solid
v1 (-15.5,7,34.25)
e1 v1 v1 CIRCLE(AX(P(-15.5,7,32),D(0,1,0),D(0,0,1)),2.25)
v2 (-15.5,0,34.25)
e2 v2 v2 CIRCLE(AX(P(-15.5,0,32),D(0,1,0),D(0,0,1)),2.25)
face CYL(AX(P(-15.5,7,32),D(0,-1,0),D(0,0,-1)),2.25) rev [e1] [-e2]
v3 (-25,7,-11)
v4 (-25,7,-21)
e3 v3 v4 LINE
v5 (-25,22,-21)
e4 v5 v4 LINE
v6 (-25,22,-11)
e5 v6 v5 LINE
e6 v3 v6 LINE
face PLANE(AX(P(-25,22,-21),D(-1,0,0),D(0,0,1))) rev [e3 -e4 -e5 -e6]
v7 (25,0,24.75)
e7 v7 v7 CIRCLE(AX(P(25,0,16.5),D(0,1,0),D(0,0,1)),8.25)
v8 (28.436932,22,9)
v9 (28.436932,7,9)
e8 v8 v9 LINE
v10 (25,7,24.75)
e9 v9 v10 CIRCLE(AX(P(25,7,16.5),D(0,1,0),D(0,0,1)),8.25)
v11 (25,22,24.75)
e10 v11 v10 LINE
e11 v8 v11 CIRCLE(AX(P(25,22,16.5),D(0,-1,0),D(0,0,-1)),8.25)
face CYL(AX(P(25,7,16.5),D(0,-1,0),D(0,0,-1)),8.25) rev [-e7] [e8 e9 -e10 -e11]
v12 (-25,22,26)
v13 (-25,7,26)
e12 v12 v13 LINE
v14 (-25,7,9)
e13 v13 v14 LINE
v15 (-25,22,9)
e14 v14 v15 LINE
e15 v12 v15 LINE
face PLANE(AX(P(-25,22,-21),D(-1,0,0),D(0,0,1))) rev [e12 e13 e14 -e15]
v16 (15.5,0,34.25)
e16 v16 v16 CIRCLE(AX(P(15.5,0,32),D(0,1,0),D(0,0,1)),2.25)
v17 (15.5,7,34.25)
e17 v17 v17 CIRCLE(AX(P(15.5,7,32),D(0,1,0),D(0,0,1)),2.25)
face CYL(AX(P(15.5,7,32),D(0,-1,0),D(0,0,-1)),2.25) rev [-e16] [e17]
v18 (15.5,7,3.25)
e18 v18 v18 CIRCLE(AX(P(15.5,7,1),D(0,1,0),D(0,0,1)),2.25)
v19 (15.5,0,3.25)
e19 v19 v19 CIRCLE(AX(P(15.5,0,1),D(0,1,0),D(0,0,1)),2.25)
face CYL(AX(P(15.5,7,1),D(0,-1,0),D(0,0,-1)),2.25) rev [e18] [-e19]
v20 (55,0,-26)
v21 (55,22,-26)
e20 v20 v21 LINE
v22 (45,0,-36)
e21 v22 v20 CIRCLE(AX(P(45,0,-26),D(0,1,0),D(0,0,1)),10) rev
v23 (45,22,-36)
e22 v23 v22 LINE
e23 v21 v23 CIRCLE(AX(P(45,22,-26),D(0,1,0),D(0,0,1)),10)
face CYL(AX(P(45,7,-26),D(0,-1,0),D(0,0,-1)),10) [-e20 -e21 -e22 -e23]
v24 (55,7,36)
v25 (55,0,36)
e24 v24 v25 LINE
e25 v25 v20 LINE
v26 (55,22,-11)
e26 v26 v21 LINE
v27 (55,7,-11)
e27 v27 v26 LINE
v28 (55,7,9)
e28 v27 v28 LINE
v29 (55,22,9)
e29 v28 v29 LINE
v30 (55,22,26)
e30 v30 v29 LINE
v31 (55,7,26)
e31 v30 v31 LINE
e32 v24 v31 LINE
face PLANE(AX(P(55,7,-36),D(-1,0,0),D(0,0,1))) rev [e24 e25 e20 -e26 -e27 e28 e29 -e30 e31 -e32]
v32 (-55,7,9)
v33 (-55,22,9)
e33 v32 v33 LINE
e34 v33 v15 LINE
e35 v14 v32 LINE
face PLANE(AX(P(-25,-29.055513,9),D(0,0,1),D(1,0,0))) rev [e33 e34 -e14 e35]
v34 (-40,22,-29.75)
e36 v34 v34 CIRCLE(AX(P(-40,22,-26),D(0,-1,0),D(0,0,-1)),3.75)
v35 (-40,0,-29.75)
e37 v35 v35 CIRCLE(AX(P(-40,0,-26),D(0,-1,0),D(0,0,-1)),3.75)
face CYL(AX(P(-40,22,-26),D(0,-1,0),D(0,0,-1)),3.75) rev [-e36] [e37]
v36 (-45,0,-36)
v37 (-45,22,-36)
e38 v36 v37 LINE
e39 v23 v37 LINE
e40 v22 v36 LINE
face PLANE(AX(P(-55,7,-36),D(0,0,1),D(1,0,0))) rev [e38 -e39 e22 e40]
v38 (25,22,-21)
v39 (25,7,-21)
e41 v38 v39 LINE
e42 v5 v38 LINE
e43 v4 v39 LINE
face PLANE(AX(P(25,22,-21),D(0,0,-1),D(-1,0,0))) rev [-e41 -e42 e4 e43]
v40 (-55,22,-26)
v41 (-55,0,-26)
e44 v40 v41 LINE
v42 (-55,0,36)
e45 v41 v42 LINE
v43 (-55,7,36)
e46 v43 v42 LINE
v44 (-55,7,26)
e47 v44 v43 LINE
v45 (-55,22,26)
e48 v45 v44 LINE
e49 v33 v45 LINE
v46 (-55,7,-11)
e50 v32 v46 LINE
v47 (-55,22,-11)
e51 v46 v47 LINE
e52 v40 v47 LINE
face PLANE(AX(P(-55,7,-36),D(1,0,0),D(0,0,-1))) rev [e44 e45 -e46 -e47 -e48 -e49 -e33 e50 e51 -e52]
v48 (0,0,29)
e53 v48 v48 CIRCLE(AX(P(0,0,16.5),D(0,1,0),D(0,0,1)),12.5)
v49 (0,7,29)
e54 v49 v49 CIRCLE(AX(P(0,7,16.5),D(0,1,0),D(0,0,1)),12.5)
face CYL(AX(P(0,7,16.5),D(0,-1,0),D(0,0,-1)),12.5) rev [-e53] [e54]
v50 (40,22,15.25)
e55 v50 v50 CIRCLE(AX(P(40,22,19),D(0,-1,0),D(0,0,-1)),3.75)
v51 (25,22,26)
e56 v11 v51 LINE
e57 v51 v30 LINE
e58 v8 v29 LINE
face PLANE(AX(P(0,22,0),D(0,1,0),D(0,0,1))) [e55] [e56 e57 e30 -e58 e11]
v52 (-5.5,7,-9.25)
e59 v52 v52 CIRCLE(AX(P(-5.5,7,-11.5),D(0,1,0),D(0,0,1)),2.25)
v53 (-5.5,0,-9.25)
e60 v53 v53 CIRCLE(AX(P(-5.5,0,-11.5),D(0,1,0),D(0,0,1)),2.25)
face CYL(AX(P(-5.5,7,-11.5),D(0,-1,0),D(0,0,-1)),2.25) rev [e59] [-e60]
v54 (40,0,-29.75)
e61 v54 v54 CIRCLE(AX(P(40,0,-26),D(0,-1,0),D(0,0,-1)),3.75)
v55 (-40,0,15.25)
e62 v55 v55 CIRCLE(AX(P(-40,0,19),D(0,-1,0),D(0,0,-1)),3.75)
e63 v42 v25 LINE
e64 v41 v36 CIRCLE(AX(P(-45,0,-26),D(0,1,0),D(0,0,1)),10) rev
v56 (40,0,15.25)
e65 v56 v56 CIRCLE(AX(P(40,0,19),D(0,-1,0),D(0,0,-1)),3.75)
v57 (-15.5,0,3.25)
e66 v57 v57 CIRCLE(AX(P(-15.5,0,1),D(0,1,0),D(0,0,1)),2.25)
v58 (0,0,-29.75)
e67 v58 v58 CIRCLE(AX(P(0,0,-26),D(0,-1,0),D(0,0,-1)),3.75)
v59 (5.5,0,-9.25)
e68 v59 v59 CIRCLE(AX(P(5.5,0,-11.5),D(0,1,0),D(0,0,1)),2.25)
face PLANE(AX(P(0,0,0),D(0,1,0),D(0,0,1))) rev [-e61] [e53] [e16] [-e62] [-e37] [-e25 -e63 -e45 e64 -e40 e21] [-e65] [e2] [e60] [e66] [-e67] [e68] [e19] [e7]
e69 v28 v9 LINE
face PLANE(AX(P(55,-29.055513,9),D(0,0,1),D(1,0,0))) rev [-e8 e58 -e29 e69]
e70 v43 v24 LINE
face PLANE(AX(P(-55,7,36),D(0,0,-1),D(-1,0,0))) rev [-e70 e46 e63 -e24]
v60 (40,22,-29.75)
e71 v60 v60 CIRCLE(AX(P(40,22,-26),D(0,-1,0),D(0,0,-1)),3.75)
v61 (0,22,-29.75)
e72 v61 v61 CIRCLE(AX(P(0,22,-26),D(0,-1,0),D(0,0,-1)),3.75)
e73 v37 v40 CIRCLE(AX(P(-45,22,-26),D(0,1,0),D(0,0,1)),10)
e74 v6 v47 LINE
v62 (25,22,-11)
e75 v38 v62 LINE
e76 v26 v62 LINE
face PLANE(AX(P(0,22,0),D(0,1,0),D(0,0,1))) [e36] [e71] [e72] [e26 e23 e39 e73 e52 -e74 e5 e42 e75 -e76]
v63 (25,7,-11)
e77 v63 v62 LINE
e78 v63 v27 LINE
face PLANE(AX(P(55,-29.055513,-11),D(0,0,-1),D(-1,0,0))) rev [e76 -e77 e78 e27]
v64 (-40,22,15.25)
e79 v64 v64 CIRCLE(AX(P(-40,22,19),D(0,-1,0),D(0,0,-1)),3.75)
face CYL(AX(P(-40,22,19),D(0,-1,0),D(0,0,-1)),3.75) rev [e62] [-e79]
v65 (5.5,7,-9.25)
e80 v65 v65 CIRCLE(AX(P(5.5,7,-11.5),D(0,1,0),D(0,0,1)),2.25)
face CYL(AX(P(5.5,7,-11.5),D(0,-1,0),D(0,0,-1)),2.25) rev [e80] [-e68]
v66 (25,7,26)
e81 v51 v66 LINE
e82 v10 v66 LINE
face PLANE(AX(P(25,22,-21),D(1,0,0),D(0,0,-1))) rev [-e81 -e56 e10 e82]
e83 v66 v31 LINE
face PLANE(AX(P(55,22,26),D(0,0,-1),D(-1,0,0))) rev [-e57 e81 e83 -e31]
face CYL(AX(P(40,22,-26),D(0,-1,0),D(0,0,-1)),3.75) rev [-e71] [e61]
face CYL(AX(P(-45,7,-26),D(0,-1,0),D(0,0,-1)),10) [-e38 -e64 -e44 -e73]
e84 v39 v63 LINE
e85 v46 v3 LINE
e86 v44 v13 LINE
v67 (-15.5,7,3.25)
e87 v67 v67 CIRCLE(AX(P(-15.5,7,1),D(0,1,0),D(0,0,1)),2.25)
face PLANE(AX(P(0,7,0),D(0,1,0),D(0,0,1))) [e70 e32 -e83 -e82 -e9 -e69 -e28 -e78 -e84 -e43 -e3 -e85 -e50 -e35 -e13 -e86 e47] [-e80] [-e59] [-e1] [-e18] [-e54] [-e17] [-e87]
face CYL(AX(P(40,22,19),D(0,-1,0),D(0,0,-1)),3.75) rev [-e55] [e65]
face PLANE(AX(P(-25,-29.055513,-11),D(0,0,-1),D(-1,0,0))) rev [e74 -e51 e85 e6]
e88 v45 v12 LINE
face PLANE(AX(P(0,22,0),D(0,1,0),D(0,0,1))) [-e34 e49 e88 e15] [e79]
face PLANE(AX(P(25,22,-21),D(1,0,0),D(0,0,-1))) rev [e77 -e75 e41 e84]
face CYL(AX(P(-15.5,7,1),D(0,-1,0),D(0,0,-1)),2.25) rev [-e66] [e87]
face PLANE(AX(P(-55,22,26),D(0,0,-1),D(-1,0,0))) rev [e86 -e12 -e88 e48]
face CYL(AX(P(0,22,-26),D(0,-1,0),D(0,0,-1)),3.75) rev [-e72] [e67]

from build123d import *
from build123d.topology import SkipClean

# Parameters (mm, degrees)
SKETCH1_W           = 110
SKETCH1_H           = 72
SKETCH1_R           = 12.5
SKETCH1_R_2         = 2.25
SKETCH1_R_3         = 8.25
BOSS_EXTRUDE1_DEPTH = 7
BOSS_EXTRUDE2_DEPTH = 15
FILLET2_R           = 10
SKETCH3_R           = 3.75
CUT_EXTRUDE1_DEPTH  = 70.318107302
SKETCH4_W           = 30
SKETCH4_H           = 20
CUT_EXTRUDE2_DEPTH  = 15
CUT_EXTRUDE3_DEPTH  = 68.424031324


with BuildPart() as part:
    # Sketch1 → Boss-Extrude1 (new body)
    with BuildSketch(Plane(origin=(0, 0, 0), x_dir=(1, 0, 0), z_dir=(0, 1, 0))):
        Rectangle(SKETCH1_W, SKETCH1_H)
        with Locations(Location((0, -16.5, 0), (0, 0, 270))):
            Circle(SKETCH1_R, mode=Mode.SUBTRACT)
        with Locations(Location((-15.5, -32, 0), (0, 0, 270))):
            Circle(SKETCH1_R_2, mode=Mode.SUBTRACT)
        with Locations(Location((-15.5, -1, 0), (0, 0, 270))):
            Circle(SKETCH1_R_2, mode=Mode.SUBTRACT)
        with Locations(Location((15.5, -1, 0), (0, 0, 270))):
            Circle(SKETCH1_R_2, mode=Mode.SUBTRACT)
        with Locations(Location((15.5, -32, 0), (0, 0, 270))):
            Circle(SKETCH1_R_2, mode=Mode.SUBTRACT)
        with Locations(Location((25, -16.5, 0), (0, 0, 270))):
            Circle(SKETCH1_R_3, mode=Mode.SUBTRACT)
        with Locations(Location((-5.5, 11.5, 0), (0, 0, 270))):
            Circle(SKETCH1_R_2, mode=Mode.SUBTRACT)
        with Locations(Location((5.5, 11.5, 0), (0, 0, 270))):
            Circle(SKETCH1_R_2, mode=Mode.SUBTRACT)
    extrude(amount=BOSS_EXTRUDE1_DEPTH)

    # Sketch2 → Boss-Extrude2 (add)
    with BuildSketch(Plane(origin=(0, 7, 0), x_dir=(1, 0, 0), z_dir=(0, 1, 0))):
        Polygon((-55, 36), (55, 36), (55, -26), (25, -26), (25, 21), (-25, 21), (-25, -26), (-55, -26), align=None)
    extrude(amount=BOSS_EXTRUDE2_DEPTH)

    # Fillet2
    fillet2_edges = [part.edges().sort_by_distance(p)[0] for p in [
        (-55, 11, -36),
        (55, 11, -36),
    ]]
    fillet(fillet2_edges, radius=FILLET2_R)

    # Sketch3 → Cut-Extrude1 (cut, through all)
    with BuildSketch(Plane.XZ):
        with Locations(Location((40, -26, 0), (0, 0, 270))):
            Circle(SKETCH3_R)
        with Locations(Location((-40, -26, 0), (0, 0, 270))):
            Circle(SKETCH3_R)
        with Locations(Location((-40, 19, 0), (0, 0, 270))):
            Circle(SKETCH3_R)
        with Locations(Location((0, -26, 0), (0, 0, 270))):
            Circle(SKETCH3_R)
        with Locations(Location((40, 19, 0), (0, 0, 270))):
            Circle(SKETCH3_R)
    extrude(amount=-CUT_EXTRUDE1_DEPTH, mode=Mode.SUBTRACT)

    # Sketch4 → Cut-Extrude2 (cut)
    with BuildSketch(Plane(origin=(0, 22, 0), x_dir=(1, 0, 0), z_dir=(0, 1, 0))):
        with Locations((40, 1)):
            Rectangle(SKETCH4_W, SKETCH4_H)
        with Locations((-40, 1)):
            Rectangle(SKETCH4_W, SKETCH4_H)
    extrude(amount=-CUT_EXTRUDE2_DEPTH, mode=Mode.SUBTRACT)

    # Sketch5 → Cut-Extrude3 (cut, through all)
    with SkipClean():  # the faces are left unmerged after this step: merging them gives an invalid solid
        with BuildSketch(Plane.XZ.offset(-7)):
            with BuildLine():
                Line((25, 24.75), (25, 9))
                Line((25, 9), (28.436931771, 9))
                ThreePointArc((28.436931771, 9), (33.060319473, 18.25890591), (25, 24.75))
            make_face()
        extrude(amount=-CUT_EXTRUDE3_DEPTH, mode=Mode.SUBTRACT)


solid = part.part
